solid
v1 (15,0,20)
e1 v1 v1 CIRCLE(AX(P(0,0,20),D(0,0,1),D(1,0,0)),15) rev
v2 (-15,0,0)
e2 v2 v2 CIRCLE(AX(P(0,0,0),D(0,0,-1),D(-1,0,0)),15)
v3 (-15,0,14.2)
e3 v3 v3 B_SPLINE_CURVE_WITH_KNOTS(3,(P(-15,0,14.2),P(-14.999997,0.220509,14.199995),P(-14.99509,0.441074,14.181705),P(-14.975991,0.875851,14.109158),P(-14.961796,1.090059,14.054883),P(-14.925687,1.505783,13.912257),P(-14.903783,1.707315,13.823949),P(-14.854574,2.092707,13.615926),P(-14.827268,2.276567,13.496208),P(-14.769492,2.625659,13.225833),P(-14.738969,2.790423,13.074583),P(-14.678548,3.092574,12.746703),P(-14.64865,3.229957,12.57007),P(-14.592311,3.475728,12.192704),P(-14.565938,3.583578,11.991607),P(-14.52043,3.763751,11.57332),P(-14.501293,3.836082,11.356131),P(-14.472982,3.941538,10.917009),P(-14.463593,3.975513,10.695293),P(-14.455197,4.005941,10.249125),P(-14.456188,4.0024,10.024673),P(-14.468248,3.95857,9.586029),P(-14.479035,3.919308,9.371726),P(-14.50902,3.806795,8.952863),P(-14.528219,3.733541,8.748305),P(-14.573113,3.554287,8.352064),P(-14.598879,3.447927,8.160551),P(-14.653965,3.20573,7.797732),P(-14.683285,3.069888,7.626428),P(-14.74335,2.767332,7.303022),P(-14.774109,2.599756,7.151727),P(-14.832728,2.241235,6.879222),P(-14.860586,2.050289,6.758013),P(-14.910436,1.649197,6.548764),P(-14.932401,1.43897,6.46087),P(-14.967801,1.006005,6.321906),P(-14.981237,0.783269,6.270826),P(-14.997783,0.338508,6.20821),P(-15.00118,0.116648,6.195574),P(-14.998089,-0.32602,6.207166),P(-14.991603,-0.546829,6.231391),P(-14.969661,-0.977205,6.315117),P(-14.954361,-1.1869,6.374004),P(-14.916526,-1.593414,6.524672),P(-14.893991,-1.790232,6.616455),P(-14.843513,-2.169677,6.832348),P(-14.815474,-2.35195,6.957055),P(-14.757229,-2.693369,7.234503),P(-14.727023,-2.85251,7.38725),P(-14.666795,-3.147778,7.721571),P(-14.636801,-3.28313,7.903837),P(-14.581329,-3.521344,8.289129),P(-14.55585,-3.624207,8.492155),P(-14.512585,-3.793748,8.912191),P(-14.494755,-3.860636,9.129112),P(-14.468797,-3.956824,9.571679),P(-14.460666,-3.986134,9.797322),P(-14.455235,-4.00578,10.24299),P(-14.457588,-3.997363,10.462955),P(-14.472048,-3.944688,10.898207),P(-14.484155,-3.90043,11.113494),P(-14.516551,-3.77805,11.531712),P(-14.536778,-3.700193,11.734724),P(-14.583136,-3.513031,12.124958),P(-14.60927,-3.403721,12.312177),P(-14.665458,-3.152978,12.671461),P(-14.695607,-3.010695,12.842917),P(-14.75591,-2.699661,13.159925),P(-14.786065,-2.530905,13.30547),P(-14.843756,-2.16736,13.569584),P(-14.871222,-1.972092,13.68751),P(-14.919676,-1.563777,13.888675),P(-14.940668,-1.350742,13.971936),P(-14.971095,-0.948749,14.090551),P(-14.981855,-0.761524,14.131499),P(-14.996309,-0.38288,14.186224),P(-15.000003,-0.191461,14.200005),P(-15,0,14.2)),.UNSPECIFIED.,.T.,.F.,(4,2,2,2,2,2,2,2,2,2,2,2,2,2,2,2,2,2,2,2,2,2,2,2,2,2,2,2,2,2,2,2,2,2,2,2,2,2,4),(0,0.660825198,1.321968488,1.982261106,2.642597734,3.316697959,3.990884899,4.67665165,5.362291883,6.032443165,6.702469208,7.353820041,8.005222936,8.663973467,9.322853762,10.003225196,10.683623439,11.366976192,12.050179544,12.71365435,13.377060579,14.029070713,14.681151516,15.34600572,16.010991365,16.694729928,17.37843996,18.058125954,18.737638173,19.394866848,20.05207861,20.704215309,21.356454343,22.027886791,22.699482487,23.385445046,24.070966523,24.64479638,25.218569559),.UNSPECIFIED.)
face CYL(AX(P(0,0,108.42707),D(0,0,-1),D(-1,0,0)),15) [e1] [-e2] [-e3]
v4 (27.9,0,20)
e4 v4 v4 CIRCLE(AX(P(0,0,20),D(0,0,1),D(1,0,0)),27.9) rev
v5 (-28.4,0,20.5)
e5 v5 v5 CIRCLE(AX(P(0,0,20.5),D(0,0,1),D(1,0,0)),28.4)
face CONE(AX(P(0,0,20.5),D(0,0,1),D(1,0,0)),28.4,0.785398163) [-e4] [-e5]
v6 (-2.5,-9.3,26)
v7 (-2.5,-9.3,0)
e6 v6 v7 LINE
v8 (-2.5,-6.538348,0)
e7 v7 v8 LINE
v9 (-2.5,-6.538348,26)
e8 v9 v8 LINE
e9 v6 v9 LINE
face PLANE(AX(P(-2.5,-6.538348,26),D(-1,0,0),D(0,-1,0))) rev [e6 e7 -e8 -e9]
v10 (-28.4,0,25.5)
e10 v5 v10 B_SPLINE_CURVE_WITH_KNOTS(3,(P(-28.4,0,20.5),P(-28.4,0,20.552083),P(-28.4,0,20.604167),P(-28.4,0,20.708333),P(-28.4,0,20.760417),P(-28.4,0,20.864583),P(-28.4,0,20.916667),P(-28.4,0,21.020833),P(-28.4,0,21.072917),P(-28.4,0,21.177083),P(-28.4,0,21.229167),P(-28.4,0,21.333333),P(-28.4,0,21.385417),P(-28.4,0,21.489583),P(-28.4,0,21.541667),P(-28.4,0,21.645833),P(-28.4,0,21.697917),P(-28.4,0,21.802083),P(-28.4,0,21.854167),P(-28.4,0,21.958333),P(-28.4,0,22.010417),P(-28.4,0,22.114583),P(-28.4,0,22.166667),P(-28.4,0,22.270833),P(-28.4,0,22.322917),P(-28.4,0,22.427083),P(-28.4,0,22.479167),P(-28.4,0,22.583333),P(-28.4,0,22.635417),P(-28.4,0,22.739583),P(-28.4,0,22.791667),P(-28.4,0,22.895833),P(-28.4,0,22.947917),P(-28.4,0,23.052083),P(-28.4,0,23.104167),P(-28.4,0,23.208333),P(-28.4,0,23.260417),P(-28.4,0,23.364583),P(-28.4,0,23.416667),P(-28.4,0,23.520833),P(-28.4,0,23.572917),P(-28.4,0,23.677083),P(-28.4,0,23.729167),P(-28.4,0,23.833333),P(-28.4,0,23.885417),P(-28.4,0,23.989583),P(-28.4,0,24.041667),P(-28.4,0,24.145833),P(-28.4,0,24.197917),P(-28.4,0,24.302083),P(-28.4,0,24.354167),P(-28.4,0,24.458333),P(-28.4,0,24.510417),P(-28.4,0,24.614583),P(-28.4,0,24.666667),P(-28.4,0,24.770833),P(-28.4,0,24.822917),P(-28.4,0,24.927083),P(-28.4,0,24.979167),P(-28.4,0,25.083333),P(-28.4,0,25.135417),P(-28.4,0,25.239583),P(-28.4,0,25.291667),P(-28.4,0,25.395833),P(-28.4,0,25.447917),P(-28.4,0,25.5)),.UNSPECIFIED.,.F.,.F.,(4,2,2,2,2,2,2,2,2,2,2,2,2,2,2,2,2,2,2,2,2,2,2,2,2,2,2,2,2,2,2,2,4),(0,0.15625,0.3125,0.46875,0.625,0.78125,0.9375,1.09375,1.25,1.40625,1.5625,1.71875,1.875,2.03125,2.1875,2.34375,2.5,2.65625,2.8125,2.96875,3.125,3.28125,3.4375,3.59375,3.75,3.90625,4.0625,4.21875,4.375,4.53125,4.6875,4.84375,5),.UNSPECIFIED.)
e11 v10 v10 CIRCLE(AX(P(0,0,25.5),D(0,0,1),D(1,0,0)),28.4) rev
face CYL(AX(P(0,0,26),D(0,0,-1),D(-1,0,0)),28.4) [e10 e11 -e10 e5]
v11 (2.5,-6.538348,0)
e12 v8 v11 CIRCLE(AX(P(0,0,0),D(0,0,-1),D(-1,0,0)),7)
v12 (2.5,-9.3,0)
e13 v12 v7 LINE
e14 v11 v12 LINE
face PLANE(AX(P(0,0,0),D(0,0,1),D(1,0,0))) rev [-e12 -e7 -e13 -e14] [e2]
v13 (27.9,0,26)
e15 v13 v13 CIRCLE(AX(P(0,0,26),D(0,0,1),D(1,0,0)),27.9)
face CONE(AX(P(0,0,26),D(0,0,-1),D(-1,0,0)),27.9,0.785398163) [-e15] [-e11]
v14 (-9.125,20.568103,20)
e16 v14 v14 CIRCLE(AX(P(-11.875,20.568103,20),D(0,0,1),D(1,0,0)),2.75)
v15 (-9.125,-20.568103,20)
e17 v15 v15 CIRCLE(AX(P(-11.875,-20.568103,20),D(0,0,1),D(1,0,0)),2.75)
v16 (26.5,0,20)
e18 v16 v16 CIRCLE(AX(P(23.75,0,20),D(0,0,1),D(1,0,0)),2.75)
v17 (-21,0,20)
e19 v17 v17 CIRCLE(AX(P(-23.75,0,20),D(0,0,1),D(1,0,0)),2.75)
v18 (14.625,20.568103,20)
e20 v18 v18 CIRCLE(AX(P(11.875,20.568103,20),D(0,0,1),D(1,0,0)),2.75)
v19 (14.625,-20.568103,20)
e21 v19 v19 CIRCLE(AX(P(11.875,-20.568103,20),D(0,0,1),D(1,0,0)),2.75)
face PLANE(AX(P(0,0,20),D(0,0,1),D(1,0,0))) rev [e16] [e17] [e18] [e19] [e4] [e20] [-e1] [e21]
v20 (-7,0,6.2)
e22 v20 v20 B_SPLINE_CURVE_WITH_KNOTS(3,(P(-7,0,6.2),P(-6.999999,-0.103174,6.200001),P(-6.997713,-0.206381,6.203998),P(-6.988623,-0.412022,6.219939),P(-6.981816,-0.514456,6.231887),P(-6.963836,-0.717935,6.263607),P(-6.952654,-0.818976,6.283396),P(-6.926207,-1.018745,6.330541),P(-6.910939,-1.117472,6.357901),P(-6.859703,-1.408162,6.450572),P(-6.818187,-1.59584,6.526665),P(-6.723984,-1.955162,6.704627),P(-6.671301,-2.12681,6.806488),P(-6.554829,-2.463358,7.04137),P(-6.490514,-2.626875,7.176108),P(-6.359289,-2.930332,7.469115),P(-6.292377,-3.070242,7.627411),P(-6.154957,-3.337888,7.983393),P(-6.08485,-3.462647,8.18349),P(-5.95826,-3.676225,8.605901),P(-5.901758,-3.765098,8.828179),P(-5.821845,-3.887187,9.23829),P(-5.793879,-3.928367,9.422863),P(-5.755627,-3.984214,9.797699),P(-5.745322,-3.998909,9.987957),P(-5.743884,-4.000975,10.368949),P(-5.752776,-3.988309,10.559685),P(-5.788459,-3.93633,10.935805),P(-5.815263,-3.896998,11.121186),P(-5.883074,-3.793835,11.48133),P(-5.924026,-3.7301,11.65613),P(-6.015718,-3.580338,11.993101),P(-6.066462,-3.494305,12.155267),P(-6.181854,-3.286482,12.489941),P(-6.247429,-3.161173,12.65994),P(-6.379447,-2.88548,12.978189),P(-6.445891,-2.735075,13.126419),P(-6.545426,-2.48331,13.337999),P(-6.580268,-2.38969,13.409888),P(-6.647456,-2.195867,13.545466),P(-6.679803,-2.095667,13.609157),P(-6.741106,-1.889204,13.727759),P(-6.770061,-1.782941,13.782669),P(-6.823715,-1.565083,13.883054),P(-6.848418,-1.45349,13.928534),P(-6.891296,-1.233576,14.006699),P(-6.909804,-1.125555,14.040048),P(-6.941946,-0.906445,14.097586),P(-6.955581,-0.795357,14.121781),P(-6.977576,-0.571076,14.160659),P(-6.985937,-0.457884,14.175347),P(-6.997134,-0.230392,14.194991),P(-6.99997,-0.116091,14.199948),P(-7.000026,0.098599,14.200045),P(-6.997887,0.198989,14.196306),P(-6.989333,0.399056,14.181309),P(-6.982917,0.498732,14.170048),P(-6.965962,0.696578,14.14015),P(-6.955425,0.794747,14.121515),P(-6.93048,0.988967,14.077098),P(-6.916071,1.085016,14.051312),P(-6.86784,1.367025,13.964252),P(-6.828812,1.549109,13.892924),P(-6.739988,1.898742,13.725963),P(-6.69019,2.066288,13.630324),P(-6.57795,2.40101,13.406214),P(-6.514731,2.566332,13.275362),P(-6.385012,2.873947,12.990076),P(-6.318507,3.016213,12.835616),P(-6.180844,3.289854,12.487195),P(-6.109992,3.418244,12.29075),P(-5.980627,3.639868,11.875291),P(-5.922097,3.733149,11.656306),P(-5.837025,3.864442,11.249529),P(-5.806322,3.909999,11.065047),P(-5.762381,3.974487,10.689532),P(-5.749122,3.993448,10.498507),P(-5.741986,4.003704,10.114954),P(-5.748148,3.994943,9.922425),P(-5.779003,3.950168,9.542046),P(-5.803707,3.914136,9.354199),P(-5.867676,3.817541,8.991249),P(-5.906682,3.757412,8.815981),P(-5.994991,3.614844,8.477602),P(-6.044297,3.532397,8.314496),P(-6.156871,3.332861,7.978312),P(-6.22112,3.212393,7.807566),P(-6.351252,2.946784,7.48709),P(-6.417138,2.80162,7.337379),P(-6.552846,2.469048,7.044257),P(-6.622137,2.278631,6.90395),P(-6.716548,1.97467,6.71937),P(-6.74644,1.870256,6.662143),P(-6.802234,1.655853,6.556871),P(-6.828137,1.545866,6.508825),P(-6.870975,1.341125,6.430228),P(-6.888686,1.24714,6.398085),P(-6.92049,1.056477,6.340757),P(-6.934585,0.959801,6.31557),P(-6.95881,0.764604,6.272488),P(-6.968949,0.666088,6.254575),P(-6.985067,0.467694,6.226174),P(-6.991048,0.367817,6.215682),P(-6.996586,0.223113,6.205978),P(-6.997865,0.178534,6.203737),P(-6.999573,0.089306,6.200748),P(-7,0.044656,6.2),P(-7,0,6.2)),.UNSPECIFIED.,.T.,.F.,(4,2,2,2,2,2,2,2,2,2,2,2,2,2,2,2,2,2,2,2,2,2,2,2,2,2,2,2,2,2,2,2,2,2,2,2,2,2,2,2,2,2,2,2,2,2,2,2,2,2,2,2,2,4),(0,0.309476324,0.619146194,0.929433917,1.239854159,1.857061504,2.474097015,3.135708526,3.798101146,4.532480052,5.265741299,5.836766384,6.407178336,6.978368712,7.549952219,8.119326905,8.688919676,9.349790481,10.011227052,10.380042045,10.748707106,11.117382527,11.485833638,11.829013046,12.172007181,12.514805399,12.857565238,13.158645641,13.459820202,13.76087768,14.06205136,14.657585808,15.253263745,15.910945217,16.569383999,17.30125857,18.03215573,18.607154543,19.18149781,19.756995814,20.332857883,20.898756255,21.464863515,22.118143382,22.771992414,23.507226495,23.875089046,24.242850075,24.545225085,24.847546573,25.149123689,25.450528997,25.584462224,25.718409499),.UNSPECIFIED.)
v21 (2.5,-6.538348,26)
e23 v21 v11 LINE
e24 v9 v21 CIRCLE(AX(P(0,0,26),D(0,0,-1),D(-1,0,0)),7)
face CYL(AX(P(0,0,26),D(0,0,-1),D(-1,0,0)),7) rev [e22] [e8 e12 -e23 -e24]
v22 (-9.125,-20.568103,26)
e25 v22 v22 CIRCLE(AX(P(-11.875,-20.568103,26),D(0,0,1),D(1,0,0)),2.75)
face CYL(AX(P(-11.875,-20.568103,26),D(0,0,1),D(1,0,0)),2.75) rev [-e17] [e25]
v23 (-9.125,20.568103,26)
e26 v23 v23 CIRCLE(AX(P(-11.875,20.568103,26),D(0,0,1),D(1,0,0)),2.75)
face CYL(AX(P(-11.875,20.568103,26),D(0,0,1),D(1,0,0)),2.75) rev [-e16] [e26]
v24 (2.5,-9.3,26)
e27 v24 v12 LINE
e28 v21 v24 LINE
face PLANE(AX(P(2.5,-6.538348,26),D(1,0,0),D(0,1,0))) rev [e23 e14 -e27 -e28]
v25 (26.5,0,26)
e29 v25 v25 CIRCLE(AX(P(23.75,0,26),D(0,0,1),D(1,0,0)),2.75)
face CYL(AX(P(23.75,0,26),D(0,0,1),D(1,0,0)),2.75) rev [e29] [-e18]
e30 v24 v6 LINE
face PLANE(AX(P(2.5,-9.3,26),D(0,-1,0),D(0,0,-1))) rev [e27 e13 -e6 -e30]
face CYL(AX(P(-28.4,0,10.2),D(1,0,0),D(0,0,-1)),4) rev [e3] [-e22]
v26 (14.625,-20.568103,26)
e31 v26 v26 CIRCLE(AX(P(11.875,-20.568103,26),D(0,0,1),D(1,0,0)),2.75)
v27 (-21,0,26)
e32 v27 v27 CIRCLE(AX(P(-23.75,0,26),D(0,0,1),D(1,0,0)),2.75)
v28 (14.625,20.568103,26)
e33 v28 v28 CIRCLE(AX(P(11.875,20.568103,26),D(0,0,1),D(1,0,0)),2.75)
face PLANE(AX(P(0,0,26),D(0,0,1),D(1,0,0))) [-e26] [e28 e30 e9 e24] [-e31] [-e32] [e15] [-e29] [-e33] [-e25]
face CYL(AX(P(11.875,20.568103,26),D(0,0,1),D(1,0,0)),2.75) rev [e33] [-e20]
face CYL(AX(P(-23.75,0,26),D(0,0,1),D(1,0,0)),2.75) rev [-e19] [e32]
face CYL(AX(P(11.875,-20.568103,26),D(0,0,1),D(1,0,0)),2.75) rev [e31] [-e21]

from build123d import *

# Parameters (mm, degrees)
SKETCH1_R            = 28.4
BOSS_EXTRUDE1_DEPTH  = 26
SKETCH2_OUTSIDE_W    = 75.686
SKETCH2_OUTSIDE_H    = 75.686
SKETCH2_OUTSIDE_R    = 15
CUT_EXTRUDE1_DEPTH   = 20
CUT_EXTRUDE2_DEPTH   = 48.844748928
CHAMFER1_SIZE        = 0.5
M5_CLEARANCE_HOLE1_D = 5.5
CIRPATTERN1_COUNT    = 6
SKETCH9_R            = 4
CUT_EXTRUDE3_DEPTH   = 48.844748928


with BuildPart() as part:
    # Sketch1 → Boss-Extrude1 (new body)
    with BuildSketch(Plane.XY):
        with Locations(Location((0, 0, 0), (0, 0, 180))):
            Circle(SKETCH1_R)
    extrude(amount=BOSS_EXTRUDE1_DEPTH)

    # Sketch2 outside → Cut-Extrude1 (cut)
    with BuildSketch(Plane(origin=(0, 0, 0), x_dir=(-1, 0, 0), z_dir=(0, 0, -1))):
        Rectangle(SKETCH2_OUTSIDE_W, SKETCH2_OUTSIDE_H)
        Circle(SKETCH2_OUTSIDE_R, mode=Mode.SUBTRACT)
    extrude(amount=-CUT_EXTRUDE1_DEPTH, mode=Mode.SUBTRACT)

    # Sketch3 → Cut-Extrude2 (cut, through all)
    with BuildSketch(Plane(origin=(0, 0, 0), x_dir=(-1, 0, 0), z_dir=(0, 0, -1))):
        with BuildLine():
            Line((2.5, -6.538348415), (2.5, -9.3))
            Line((2.5, -9.3), (-2.5, -9.3))
            Line((-2.5, -9.3), (-2.5, -6.538348415))
            ThreePointArc((-2.5, -6.538348415), (0, 7), (2.5, -6.538348415))
        make_face()
    extrude(amount=-CUT_EXTRUDE2_DEPTH, mode=Mode.SUBTRACT)

    # Chamfer1
    chamfer1_edges = [part.edges().sort_by_distance(p)[0] for p in [
        (28.4, 0, 26),
        (28.4, 0, 20),
    ]]
    chamfer(chamfer1_edges, length=CHAMFER1_SIZE)

    # M5 Clearance Hole1 (through all)
    with Locations(Plane.XY.offset(26)):
        with Locations((23.75, 0)):
            m5_clearance_hole1 = Hole(M5_CLEARANCE_HOLE1_D / 2)

    # CirPattern1: M5 Clearance Hole1 ×6 about axis
    cirpattern1_axis = Axis((0, 0, 0), (0, 0, 1))
    for i in range(1, CIRPATTERN1_COUNT):
        add(m5_clearance_hole1.rotate(cirpattern1_axis, i * 360 / CIRPATTERN1_COUNT), mode=Mode.SUBTRACT)

    # Sketch9 → Cut-Extrude3 (cut, through all)
    with BuildSketch(Plane(origin=(0, 0, 0), x_dir=(0, 0, -1), z_dir=(1, 0, 0))):
        with Locations((-10.2, 0)):
            Circle(SKETCH9_R)
    extrude(amount=-CUT_EXTRUDE3_DEPTH, mode=Mode.SUBTRACT)


solid = part.part
